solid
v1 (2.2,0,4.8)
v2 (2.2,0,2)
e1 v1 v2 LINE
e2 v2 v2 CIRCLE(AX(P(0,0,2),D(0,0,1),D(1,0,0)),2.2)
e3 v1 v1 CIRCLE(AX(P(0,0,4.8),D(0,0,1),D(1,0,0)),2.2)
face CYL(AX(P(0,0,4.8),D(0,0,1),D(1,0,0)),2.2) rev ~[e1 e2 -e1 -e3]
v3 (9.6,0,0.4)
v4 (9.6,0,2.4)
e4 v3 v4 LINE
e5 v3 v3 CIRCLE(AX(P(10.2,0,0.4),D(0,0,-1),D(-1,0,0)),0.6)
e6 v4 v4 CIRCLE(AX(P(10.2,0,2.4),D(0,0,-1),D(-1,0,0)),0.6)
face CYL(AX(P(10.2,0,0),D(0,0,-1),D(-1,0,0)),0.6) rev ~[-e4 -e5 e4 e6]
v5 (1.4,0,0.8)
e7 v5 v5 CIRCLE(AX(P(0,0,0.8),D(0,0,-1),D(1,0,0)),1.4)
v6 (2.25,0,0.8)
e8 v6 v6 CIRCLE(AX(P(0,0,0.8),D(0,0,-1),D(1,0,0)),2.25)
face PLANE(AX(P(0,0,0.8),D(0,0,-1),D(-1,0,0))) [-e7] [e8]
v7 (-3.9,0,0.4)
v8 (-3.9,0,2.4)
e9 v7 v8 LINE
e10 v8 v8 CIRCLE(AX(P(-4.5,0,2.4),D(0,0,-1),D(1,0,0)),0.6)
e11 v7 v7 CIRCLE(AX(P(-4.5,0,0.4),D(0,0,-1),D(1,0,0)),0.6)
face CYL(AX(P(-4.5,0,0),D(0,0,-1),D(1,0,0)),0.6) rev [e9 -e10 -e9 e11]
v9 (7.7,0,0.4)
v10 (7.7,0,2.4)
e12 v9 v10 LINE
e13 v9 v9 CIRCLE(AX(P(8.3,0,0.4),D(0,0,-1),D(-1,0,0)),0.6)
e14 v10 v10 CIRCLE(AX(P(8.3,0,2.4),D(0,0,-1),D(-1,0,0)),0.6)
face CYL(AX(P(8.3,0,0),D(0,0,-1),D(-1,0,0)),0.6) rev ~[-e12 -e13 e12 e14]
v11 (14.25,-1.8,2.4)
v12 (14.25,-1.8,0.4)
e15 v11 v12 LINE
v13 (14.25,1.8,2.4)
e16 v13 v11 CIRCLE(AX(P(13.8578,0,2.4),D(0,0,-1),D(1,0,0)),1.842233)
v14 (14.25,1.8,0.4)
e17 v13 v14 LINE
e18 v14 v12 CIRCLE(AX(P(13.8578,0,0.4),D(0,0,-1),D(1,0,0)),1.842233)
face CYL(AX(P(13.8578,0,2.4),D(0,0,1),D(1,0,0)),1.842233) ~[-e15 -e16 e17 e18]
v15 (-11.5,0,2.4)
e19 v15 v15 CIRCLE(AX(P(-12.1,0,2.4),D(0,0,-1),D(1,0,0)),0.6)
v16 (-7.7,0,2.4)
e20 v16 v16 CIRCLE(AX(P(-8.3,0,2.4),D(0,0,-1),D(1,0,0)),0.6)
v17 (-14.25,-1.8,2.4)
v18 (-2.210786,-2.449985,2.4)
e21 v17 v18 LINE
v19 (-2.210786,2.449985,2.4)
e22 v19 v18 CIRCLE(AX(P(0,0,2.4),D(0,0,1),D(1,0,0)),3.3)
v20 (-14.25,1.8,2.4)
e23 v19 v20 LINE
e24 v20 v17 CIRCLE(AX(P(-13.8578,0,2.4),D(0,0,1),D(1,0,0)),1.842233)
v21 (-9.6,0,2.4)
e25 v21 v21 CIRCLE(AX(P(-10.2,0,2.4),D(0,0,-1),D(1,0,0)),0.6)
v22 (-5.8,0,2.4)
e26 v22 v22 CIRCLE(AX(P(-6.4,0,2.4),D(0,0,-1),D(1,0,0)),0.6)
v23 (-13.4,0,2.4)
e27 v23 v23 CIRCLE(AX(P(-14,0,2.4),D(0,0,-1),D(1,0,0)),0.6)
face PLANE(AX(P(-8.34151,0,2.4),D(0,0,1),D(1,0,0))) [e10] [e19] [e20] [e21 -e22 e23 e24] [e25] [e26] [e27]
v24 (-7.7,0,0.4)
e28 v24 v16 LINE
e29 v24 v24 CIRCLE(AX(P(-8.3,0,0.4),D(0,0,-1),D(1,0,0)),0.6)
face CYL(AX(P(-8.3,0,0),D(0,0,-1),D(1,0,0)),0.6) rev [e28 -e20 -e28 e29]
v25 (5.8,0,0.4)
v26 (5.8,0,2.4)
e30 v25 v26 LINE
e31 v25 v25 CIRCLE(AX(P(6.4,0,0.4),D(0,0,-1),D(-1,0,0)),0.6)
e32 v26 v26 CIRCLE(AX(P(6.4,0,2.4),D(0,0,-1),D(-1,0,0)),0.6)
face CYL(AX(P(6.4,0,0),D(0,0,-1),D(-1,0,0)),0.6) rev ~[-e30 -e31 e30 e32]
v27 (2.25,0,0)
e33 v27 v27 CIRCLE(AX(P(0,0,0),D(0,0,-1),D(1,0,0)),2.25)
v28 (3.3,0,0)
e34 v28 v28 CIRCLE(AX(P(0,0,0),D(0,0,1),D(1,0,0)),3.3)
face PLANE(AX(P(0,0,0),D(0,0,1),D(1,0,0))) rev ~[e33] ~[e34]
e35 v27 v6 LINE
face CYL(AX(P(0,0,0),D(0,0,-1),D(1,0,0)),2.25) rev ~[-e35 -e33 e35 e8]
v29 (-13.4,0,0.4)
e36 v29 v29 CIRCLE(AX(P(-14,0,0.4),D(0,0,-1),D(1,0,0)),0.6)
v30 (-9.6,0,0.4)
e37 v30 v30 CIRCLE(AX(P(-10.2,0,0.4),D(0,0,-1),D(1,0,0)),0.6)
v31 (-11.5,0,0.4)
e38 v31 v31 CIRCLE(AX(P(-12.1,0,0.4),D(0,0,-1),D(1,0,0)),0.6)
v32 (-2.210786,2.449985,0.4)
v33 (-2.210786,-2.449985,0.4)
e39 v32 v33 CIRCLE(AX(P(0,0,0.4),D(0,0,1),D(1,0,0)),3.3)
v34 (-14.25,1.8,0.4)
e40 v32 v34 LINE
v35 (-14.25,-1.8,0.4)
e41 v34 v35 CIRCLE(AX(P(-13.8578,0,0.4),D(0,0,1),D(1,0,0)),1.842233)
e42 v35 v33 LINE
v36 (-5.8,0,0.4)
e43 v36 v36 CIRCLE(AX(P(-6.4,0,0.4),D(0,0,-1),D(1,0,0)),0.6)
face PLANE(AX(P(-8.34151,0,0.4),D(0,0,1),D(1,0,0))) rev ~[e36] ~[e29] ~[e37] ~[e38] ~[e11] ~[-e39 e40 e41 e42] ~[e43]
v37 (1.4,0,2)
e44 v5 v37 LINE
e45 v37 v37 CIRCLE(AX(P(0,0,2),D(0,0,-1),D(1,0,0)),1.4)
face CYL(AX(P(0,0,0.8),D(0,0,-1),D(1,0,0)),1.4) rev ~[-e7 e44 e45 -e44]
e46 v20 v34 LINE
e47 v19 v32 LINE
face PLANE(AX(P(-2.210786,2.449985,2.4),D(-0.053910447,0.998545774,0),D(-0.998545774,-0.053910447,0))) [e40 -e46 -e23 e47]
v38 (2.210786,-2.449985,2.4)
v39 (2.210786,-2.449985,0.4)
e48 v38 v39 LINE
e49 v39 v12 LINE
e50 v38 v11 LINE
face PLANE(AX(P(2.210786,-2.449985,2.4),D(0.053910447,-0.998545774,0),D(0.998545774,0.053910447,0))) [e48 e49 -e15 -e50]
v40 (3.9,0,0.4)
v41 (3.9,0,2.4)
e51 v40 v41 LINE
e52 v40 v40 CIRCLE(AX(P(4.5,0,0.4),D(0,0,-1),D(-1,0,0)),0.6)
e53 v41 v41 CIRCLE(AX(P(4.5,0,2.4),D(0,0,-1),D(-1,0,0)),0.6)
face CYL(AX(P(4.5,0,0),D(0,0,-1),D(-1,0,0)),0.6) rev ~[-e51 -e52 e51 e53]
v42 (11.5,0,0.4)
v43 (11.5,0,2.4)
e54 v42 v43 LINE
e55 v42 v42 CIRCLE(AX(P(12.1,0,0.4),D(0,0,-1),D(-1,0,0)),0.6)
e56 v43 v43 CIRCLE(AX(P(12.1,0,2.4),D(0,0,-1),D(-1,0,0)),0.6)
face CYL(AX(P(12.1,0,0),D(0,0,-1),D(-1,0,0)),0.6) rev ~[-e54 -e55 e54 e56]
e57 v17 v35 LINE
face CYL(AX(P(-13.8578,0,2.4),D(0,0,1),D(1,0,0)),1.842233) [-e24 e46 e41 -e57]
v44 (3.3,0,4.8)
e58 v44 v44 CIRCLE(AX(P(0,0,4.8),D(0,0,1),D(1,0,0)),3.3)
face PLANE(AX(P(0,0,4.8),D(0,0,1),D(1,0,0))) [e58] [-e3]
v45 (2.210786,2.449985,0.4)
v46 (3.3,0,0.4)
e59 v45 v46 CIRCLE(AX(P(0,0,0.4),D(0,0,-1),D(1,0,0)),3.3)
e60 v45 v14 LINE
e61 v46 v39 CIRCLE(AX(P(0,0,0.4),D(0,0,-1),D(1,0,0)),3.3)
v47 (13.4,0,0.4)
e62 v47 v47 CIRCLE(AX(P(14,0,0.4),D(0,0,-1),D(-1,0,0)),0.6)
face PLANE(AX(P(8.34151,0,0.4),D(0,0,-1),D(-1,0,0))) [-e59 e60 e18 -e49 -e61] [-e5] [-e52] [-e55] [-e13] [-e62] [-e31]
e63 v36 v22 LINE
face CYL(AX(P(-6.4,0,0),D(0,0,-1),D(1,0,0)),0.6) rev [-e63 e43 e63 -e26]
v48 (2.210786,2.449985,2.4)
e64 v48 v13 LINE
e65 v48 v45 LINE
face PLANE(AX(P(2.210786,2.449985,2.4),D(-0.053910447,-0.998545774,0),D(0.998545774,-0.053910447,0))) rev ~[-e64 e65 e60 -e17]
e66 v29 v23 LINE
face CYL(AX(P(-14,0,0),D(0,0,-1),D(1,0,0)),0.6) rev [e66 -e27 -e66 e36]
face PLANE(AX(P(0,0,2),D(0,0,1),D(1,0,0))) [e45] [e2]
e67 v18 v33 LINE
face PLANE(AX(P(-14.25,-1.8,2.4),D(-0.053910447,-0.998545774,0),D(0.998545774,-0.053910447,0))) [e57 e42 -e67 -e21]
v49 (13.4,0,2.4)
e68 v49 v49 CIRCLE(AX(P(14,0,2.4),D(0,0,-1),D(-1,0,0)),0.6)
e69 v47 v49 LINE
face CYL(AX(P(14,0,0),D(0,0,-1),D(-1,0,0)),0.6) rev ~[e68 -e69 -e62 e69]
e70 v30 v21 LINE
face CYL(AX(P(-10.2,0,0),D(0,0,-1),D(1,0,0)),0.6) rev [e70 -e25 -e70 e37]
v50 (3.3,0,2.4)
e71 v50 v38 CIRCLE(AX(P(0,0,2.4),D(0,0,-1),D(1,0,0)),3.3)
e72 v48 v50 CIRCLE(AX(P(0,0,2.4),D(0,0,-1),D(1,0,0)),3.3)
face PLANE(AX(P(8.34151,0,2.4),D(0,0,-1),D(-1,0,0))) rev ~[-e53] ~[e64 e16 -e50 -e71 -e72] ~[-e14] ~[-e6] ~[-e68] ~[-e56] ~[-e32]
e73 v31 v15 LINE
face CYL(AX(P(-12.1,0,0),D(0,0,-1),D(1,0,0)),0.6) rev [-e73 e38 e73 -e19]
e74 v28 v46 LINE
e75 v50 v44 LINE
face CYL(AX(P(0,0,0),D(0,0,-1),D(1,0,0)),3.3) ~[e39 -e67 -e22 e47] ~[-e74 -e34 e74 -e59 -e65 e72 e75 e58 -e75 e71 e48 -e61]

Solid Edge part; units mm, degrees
sketch "Sketch1" plane through (0, 0, 0) normal (0, 0, 1) x (1, 0, 0)
  circle A0 centre (0, 0) radius 3.3
  dimension "D1" = 6.6
extrude "Protrusion1" add sketch "Sketch1" along normal blind 4.8
sketch "Sketch2" plane through (0, 0, 0) normal (0, 0, -1) x (1, 0, 0)
  circle A0 centre (0, 0) radius 2.25
  dimension "D1" = 4.5
extrude "Extrusionsausschnitt_1" cut sketch "Sketch2" against normal blind 0.8
sketch "Sketch3" plane through (0, 0, 0.8) normal (0, 0, -1) x (1, 0, 0)
  circle A0 centre (0, 0) radius 1.4
  dimension "D1" = 2.8
extrude "Cutout1" cut sketch "Sketch3" against normal through all
sketch "Sketch4" plane through (0, 0, 4.8) normal (0, 0, 1) x (1, 0, 0)
  circle A0 centre (0, 0) radius 2.2
  dimension "D1" = 4.4
extrude "Extrusionsausschnitt_3" cut sketch "Sketch4" against normal blind 2.8
sketch "Sketch5" plane through (0, 0, 2.4) normal (0, 0, 1) x (1, 0, 0)
  line L0 (-2.2108, 2.45) -> (-14.25, 1.8)
  arc A0 (-14.25, 1.8) -> (-14.25, -1.8) centre (-13.8578, 0) ccw
  line L1 (-14.25, -1.8) -> (-2.2108, -2.45)
  arc A1 (-2.2108, 2.45) -> (-2.2108, -2.45) centre (0, 0) ccw
  line L2 (2.2108, 2.45) -> (14.25, 1.8)
  arc A2 (14.25, 1.8) -> (14.25, -1.8) centre (13.8578, 0) cw
  line L3 (2.2108, -2.45) -> (14.25, -1.8)
  arc A3 (2.2108, 2.45) -> (2.2108, -2.45) centre (0, 0) cw
  dimension "D1" = 31.4
  dimension "D2" = 3.6
  dimension "D3" = 28.5
  dimension "D4" = 4.9
extrude "Extrusionsausprägung_2" add sketch "Sketch5" against normal blind 2
sketch "Sketch6" plane through (0, 0, 0) normal (0, 0, 1) x (1, 0, 0)
  circle A0 centre (-14, 0) radius 0.6
  circle A1 centre (-12.1, 0) radius 0.6
  circle A2 centre (-10.2, 0) radius 0.6
  circle A3 centre (-8.3, 0) radius 0.6
  circle A4 centre (-6.4, 0) radius 0.6
  circle A5 centre (-4.5, 0) radius 0.6
  dimension "D1" = 9.5
  dimension "D2" = 1.2
  dimension "D3" = 16.2
extrude "Cutout2" cut sketch "Sketch6" along normal through all
mirror "Mirror1" about plane through (0, 0, 0) normal (1, 0, 0) of "Cutout2"
